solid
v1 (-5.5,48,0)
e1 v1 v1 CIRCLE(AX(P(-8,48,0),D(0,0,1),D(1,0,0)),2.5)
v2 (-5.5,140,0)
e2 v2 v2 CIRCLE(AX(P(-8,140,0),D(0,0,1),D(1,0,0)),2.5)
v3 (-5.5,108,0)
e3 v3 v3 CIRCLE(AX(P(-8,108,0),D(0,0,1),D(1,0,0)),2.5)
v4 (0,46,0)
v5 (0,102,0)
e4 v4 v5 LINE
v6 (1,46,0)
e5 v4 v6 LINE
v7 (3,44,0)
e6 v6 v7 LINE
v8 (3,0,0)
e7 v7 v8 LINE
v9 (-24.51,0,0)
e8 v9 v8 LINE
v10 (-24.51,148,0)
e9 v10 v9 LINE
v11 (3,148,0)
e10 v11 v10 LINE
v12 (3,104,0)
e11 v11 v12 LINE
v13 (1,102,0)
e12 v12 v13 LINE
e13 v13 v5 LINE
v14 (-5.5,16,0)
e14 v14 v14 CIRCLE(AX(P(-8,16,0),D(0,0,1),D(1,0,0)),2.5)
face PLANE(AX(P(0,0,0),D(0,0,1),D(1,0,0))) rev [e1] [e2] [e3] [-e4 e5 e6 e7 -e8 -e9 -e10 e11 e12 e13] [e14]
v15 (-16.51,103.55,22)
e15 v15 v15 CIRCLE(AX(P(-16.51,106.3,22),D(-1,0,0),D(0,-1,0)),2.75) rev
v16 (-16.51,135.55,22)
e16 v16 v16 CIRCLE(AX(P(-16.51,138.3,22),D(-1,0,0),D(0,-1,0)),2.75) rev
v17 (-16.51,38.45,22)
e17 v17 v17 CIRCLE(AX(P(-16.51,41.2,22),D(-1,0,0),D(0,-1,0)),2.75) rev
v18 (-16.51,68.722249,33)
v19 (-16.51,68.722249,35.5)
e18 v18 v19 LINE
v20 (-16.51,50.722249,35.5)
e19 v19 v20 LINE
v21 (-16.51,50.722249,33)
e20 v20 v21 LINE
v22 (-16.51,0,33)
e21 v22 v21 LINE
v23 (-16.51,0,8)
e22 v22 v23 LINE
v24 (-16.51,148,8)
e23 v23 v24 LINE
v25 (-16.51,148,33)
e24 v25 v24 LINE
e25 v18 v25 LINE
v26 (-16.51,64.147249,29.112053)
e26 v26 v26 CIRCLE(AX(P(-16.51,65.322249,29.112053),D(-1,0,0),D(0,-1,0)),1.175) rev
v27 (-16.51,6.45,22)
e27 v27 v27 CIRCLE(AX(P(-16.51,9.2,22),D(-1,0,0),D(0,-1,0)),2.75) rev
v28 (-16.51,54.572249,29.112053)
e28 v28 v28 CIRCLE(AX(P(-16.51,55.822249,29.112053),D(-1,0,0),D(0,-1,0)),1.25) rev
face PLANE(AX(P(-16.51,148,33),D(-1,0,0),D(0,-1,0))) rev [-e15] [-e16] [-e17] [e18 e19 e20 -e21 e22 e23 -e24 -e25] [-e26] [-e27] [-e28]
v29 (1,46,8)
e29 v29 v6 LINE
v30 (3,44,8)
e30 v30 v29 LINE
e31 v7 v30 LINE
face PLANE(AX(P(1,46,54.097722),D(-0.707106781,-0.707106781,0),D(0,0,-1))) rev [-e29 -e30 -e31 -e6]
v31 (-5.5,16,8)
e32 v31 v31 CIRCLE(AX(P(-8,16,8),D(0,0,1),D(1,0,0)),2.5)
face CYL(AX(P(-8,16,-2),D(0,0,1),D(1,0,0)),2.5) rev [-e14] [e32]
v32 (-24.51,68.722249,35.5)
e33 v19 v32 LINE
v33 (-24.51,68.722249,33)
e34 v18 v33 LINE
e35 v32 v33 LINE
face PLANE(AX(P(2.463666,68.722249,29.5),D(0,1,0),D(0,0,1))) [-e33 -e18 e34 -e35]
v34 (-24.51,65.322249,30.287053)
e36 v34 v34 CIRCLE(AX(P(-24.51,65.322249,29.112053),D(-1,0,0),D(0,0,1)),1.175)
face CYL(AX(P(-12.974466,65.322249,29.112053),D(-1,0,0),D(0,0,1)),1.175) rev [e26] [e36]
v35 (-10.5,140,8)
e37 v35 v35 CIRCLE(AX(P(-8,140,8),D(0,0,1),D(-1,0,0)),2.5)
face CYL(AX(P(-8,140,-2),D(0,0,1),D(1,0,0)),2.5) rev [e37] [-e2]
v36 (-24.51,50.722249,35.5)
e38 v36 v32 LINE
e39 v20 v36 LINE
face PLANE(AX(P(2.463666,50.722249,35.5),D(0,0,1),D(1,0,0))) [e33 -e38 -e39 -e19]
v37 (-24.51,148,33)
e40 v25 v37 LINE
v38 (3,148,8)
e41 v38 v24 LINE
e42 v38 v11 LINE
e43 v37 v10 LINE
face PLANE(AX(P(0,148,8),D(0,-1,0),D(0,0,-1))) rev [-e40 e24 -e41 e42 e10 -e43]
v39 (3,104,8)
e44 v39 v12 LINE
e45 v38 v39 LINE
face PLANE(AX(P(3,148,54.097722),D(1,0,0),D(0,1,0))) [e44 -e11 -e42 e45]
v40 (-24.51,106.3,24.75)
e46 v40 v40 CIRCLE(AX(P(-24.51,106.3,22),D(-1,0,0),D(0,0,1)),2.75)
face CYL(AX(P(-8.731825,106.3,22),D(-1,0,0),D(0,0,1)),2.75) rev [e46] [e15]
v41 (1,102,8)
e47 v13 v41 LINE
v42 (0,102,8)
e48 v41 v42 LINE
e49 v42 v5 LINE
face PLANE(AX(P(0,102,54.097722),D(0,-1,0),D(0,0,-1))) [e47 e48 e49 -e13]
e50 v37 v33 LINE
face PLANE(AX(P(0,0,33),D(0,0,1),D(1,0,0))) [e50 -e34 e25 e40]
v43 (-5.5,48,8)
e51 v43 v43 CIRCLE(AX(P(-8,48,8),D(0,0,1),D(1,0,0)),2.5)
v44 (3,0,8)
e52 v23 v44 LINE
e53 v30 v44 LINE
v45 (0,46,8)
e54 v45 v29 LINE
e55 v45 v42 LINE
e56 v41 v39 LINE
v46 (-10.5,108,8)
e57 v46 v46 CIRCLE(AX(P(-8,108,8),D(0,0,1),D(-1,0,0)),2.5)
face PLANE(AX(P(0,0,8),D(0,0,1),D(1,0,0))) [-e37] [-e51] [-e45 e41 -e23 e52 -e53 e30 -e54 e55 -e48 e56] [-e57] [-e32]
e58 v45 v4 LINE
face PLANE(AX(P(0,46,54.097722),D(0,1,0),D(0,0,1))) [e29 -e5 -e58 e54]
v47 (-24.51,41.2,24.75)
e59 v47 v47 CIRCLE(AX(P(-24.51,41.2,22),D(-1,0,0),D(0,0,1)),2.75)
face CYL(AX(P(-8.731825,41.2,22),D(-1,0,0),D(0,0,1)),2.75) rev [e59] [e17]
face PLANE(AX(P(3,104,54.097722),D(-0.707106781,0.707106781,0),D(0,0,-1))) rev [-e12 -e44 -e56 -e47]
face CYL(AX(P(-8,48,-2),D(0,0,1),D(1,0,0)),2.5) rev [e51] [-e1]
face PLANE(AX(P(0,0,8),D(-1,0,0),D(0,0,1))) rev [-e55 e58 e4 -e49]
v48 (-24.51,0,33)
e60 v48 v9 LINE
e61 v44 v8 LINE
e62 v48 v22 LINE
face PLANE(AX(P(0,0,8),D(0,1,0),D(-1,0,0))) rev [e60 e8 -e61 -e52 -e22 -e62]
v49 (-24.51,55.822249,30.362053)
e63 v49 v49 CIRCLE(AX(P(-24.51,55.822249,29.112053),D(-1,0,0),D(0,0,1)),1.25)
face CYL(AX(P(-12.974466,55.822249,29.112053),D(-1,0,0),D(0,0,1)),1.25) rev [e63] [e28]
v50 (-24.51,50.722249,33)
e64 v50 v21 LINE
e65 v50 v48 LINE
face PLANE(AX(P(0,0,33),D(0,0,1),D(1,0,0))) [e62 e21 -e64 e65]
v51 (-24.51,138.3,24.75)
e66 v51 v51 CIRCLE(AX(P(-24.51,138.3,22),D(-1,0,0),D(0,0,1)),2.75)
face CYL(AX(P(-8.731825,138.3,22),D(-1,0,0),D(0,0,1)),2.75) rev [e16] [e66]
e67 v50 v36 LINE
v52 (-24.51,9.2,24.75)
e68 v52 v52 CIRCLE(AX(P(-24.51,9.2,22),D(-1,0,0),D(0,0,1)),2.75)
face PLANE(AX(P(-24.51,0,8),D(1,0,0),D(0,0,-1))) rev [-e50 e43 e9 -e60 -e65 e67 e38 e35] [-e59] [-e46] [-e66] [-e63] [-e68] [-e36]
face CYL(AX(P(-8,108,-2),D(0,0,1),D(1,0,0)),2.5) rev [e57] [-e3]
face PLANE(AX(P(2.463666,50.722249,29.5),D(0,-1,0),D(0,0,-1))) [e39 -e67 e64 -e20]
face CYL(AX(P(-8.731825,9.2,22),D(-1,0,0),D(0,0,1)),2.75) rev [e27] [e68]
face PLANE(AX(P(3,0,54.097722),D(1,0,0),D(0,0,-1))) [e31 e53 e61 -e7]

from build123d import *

# Parameters (mm, degrees)
SKETCH1_W           = 24.51
SKETCH1_H           = 148
BOSS_EXTRUDE1_DEPTH = 8
SKETCH2_W           = 8
SKETCH2_H           = 148
BOSS_EXTRUDE2_DEPTH = 25
SKETCH3_R           = 2.5
CUT_EXTRUDE1_DEPTH  = 10
SKETCH4_R           = 2.75
CUT_EXTRUDE2_DEPTH  = 8
SKETCH5_W           = 3
SKETCH5_H           = 46
BOSS_EXTRUDE3_DEPTH = 8
SKETCH6_W           = 3
SKETCH6_H           = 46
BOSS_EXTRUDE4_DEPTH = 8
CHAMFER1_SIZE       = 2
SKETCH7_W           = 6
SKETCH7_H           = 18
BOSS_EXTRUDE5_DEPTH = 8
SKETCH8_R           = 1.175
SKETCH8_R_2         = 1.25
CUT_EXTRUDE3_DEPTH  = 8


with BuildPart() as part:
    # Sketch1 → Boss-Extrude1 (new body)
    with BuildSketch(Plane.XY):
        with Locations((-12.255, 74)):
            Rectangle(SKETCH1_W, SKETCH1_H)
    extrude(amount=BOSS_EXTRUDE1_DEPTH)

    # Sketch2 → Boss-Extrude2 (add)
    with BuildSketch(Plane.XY.offset(8)):
        with Locations((-20.51, 74)):
            Rectangle(SKETCH2_W, SKETCH2_H)
    extrude(amount=BOSS_EXTRUDE2_DEPTH)

    # Sketch3 → Cut-Extrude1 (cut)
    with BuildSketch(Plane.XY.offset(8)):
        with Locations((-8, 16)):
            Circle(SKETCH3_R)
        with Locations((-8, 48)):
            Circle(SKETCH3_R)
        with Locations((-8, 108)):
            Circle(SKETCH3_R)
        with Locations((-8, 140)):
            Circle(SKETCH3_R)
    extrude(amount=-CUT_EXTRUDE1_DEPTH, mode=Mode.SUBTRACT)

    # Sketch4 → Cut-Extrude2 (cut)
    with BuildSketch(Plane.ZY.offset(24.51)):
        with Locations((22, 138.3)):
            Circle(SKETCH4_R)
        with Locations((22, 106.3)):
            Circle(SKETCH4_R)
        with Locations((22, 41.2)):
            Circle(SKETCH4_R)
        with Locations((22, 9.2)):
            Circle(SKETCH4_R)
    extrude(amount=-CUT_EXTRUDE2_DEPTH, mode=Mode.SUBTRACT)

    # Sketch5 → Boss-Extrude3 (add)
    with BuildSketch(Plane(origin=(0, 0, 0), x_dir=(-1, 0, 0), z_dir=(0, 0, -1))):
        with Locations((-1.5, 125)):
            Rectangle(SKETCH5_W, SKETCH5_H)
    extrude(amount=-BOSS_EXTRUDE3_DEPTH)

    # Sketch6 → Boss-Extrude4 (add)
    with BuildSketch(Plane(origin=(0, 0, 0), x_dir=(-1, 0, 0), z_dir=(0, 0, -1))):
        with Locations((-1.5, 23)):
            Rectangle(SKETCH6_W, SKETCH6_H)
    extrude(amount=-BOSS_EXTRUDE4_DEPTH)

    # Chamfer1
    chamfer1_edges = [part.edges().sort_by_distance(p)[0] for p in [
        (3, 46, 4),
        (3, 102, 4),
    ]]
    chamfer(chamfer1_edges, length=CHAMFER1_SIZE)

    # Sketch7 → Boss-Extrude5 (add)
    with BuildSketch(Plane.ZY.offset(24.51)):
        with Locations((32.5, 59.722248883)):
            Rectangle(SKETCH7_W, SKETCH7_H)
    extrude(amount=-BOSS_EXTRUDE5_DEPTH)

    # Sketch8 → Cut-Extrude3 (cut)
    with BuildSketch(Plane.ZY.offset(24.51)):
        with Locations((29.112052986, 65.322248883)):
            Circle(SKETCH8_R)
        with Locations((29.112052986, 55.822248883)):
            Circle(SKETCH8_R_2)
    extrude(amount=-CUT_EXTRUDE3_DEPTH, mode=Mode.SUBTRACT)


solid = part.part
